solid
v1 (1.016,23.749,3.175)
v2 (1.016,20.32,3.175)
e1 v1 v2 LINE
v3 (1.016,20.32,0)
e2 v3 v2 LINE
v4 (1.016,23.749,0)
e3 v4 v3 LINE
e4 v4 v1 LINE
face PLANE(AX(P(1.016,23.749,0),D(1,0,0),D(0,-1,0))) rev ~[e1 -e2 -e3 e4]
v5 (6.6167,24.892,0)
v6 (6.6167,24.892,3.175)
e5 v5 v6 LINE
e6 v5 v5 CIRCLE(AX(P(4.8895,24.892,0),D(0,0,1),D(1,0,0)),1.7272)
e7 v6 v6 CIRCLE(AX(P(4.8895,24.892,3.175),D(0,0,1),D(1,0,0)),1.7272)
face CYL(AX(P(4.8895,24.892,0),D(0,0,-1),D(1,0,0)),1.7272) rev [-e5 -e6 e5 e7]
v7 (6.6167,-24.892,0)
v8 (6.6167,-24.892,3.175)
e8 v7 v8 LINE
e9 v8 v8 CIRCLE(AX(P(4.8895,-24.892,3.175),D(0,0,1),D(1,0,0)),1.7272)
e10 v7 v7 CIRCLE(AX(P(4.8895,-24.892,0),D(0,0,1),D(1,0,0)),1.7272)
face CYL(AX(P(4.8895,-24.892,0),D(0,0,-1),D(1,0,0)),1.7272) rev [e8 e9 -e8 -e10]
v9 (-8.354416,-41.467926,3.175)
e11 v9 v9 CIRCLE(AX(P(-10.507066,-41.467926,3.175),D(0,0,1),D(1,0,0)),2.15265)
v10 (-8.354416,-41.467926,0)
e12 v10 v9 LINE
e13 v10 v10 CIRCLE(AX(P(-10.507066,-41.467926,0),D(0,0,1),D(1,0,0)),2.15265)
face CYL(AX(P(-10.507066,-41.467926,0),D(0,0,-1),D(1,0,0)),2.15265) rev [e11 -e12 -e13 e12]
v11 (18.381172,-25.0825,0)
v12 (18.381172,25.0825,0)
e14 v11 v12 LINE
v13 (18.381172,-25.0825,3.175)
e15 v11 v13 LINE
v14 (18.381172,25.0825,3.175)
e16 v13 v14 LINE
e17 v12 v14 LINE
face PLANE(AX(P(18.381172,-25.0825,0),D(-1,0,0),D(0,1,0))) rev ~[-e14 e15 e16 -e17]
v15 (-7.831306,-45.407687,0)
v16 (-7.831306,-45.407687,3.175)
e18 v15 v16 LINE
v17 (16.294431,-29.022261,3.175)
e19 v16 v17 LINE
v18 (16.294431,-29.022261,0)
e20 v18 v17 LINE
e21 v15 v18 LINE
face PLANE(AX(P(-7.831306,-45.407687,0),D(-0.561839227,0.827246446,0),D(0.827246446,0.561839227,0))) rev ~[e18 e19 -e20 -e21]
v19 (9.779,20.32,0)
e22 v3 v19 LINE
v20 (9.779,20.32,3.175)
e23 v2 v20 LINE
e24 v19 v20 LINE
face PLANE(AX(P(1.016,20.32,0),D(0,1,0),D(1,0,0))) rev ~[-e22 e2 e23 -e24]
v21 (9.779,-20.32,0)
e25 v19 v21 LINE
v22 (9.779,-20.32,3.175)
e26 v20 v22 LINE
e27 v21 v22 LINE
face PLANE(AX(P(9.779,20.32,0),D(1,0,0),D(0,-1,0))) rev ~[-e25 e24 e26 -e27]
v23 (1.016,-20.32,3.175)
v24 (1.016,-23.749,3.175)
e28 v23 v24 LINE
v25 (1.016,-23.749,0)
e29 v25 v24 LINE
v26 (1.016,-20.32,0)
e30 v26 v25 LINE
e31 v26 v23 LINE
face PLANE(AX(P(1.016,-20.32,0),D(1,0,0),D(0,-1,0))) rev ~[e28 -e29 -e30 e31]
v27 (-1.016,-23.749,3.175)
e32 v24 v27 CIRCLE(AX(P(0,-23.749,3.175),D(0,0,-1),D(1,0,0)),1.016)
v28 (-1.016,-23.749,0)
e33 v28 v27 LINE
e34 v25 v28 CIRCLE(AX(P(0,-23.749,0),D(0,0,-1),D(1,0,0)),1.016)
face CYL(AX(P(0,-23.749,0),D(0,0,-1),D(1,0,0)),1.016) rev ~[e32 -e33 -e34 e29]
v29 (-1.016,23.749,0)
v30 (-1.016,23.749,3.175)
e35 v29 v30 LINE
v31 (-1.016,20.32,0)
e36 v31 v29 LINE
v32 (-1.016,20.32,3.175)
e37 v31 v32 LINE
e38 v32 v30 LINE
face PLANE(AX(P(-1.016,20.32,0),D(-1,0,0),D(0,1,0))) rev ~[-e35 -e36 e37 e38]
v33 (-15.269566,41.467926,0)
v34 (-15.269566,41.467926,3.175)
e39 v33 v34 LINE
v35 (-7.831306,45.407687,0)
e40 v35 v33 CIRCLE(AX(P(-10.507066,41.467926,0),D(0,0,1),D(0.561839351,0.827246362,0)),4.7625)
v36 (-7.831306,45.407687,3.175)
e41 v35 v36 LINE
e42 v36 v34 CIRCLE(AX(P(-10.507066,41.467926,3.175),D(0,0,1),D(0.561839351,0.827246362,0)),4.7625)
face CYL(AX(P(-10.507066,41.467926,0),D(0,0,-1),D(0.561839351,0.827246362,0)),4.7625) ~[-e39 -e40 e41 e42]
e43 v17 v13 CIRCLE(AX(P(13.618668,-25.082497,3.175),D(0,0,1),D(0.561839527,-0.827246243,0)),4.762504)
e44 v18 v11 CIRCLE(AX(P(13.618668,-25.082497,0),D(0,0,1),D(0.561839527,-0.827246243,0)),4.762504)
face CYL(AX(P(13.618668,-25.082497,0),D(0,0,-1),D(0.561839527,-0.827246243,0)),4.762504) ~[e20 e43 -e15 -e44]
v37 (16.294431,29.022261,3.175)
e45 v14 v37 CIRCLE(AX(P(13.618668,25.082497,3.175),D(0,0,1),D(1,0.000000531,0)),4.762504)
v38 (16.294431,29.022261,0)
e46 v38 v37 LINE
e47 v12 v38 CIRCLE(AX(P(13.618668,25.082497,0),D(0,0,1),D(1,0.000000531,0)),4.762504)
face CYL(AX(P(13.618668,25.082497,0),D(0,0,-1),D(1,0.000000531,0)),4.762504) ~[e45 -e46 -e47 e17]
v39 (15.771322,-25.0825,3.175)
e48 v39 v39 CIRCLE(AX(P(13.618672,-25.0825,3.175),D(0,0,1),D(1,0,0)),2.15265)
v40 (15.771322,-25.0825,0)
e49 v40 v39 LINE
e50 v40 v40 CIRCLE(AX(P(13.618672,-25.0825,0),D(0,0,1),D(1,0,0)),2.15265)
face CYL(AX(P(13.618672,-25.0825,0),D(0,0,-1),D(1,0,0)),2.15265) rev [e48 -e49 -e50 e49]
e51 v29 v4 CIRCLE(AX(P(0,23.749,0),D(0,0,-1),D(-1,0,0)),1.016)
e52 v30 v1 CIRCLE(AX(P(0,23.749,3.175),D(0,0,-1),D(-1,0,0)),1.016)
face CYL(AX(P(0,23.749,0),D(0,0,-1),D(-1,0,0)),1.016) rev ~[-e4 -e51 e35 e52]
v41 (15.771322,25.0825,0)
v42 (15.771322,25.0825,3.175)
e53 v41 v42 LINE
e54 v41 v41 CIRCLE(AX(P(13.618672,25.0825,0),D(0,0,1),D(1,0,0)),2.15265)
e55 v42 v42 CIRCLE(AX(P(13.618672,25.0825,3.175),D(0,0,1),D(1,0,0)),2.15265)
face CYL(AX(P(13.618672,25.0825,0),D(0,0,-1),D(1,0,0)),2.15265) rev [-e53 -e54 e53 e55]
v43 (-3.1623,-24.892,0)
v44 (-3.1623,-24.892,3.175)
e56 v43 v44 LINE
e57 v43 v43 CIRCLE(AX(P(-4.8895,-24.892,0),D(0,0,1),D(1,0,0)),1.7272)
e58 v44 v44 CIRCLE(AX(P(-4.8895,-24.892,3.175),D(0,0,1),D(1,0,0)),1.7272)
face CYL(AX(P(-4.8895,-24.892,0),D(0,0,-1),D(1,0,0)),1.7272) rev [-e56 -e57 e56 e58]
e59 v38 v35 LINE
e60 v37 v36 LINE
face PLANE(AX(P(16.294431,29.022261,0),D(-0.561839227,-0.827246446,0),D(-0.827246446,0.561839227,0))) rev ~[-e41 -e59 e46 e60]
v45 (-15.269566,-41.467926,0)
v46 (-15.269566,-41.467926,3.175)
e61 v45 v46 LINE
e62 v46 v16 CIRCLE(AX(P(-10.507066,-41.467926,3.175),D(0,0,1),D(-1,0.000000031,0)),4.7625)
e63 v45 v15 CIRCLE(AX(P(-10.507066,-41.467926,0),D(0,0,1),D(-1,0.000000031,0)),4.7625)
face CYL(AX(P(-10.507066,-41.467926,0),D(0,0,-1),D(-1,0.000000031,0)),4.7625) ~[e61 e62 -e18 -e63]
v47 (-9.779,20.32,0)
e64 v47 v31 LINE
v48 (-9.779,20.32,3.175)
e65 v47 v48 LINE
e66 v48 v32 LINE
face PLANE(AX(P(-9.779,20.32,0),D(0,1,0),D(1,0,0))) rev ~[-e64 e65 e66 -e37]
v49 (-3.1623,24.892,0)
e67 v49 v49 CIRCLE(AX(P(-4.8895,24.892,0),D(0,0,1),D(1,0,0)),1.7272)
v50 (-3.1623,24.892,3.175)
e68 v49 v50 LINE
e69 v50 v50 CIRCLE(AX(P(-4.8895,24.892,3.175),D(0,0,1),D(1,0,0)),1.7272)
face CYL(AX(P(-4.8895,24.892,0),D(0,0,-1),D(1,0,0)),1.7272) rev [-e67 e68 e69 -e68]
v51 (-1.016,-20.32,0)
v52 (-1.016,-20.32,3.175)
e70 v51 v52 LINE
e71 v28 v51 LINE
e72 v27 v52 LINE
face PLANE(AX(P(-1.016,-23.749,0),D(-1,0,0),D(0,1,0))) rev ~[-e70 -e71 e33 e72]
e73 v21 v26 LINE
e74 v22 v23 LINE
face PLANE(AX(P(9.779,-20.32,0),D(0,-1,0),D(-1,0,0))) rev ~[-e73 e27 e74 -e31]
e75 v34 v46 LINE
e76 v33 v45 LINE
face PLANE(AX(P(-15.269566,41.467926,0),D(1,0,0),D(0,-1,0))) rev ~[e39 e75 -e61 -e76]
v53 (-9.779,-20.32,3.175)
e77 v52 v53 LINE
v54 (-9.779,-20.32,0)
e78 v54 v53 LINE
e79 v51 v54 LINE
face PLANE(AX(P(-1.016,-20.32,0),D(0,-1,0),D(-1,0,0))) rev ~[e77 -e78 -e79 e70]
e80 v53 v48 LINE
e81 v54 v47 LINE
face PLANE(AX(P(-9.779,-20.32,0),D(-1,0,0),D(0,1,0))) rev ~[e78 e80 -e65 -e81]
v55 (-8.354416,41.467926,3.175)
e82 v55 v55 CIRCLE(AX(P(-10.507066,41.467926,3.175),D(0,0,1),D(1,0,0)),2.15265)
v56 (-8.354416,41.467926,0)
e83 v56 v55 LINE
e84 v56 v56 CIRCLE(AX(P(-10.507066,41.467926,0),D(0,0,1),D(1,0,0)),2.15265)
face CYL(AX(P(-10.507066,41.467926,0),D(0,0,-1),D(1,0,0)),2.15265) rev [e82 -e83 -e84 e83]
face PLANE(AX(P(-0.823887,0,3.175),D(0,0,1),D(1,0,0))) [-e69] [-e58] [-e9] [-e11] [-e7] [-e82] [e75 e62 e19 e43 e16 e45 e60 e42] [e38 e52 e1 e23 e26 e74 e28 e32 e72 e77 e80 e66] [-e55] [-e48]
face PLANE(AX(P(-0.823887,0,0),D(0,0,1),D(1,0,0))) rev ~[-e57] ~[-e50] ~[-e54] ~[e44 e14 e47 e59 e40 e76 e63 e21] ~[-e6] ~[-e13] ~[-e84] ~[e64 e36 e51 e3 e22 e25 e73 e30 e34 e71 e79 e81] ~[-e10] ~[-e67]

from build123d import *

# Parameters (mm, degrees)
F0_R     = 2.15265
F0_R_2   = 1.7272
F1_DEPTH = 3.175


with BuildPart() as f1:
    # F0 (on Top) → F1 (new body)
    with BuildSketch(Plane.XY):
        with BuildLine():
            Line((18.381172, -25.0825), (18.381172, 25.0825))
            ThreePointArc((18.381172, 25.0825), (17.827276, 27.311637), (16.294431, 29.022261))
            Line((16.294431, 29.022261), (-7.831306, 45.407687))
            ThreePointArc((-7.831306, 45.407687), (-12.736203, 45.676531), (-15.269566, 41.467926))
            Line((-15.269566, 41.467926), (-15.269566, -41.467926))
            ThreePointArc((-15.269566, -41.467926), (-12.736203, -45.676531), (-7.831306, -45.407687))
            Line((-7.831306, -45.407687), (16.294431, -29.022261))
            ThreePointArc((16.294431, -29.022261), (17.827276, -27.311637), (18.381172, -25.0825))
        make_face()
        with Locations((-10.507066, -41.467926)):
            Circle(F0_R, mode=Mode.SUBTRACT)
        with Locations((-4.8895, -24.892)):
            Circle(F0_R_2, mode=Mode.SUBTRACT)
        with BuildLine():
            Line((-1.016, -20.32), (-9.779, -20.32))
            Line((-9.779, -20.32), (-9.779, 20.32))
            Line((-9.779, 20.32), (-1.016, 20.32))
            Line((-1.016, 20.32), (-1.016, 23.749))
            ThreePointArc((-1.016, 23.749), (0, 24.765), (1.016, 23.749))
            Line((1.016, 23.749), (1.016, 20.32))
            Line((1.016, 20.32), (9.779, 20.32))
            Line((9.779, 20.32), (9.779, -20.32))
            Line((9.779, -20.32), (1.016, -20.32))
            Line((1.016, -20.32), (1.016, -23.749))
            ThreePointArc((1.016, -23.749), (0, -24.765), (-1.016, -23.749))
            Line((-1.016, -23.749), (-1.016, -20.32))
        make_face(mode=Mode.SUBTRACT)
        with Locations((4.8895, -24.892)):
            Circle(F0_R_2, mode=Mode.SUBTRACT)
        with Locations((13.618672, -25.0825)):
            Circle(F0_R, mode=Mode.SUBTRACT)
        with Locations((-10.507066, 41.467926)):
            Circle(F0_R, mode=Mode.SUBTRACT)
        with Locations((-4.8895, 24.892)):
            Circle(F0_R_2, mode=Mode.SUBTRACT)
        with Locations((4.8895, 24.892)):
            Circle(F0_R_2, mode=Mode.SUBTRACT)
        with Locations((13.618672, 25.0825)):
            Circle(F0_R, mode=Mode.SUBTRACT)
    extrude(amount=F1_DEPTH)


solid = f1.part
